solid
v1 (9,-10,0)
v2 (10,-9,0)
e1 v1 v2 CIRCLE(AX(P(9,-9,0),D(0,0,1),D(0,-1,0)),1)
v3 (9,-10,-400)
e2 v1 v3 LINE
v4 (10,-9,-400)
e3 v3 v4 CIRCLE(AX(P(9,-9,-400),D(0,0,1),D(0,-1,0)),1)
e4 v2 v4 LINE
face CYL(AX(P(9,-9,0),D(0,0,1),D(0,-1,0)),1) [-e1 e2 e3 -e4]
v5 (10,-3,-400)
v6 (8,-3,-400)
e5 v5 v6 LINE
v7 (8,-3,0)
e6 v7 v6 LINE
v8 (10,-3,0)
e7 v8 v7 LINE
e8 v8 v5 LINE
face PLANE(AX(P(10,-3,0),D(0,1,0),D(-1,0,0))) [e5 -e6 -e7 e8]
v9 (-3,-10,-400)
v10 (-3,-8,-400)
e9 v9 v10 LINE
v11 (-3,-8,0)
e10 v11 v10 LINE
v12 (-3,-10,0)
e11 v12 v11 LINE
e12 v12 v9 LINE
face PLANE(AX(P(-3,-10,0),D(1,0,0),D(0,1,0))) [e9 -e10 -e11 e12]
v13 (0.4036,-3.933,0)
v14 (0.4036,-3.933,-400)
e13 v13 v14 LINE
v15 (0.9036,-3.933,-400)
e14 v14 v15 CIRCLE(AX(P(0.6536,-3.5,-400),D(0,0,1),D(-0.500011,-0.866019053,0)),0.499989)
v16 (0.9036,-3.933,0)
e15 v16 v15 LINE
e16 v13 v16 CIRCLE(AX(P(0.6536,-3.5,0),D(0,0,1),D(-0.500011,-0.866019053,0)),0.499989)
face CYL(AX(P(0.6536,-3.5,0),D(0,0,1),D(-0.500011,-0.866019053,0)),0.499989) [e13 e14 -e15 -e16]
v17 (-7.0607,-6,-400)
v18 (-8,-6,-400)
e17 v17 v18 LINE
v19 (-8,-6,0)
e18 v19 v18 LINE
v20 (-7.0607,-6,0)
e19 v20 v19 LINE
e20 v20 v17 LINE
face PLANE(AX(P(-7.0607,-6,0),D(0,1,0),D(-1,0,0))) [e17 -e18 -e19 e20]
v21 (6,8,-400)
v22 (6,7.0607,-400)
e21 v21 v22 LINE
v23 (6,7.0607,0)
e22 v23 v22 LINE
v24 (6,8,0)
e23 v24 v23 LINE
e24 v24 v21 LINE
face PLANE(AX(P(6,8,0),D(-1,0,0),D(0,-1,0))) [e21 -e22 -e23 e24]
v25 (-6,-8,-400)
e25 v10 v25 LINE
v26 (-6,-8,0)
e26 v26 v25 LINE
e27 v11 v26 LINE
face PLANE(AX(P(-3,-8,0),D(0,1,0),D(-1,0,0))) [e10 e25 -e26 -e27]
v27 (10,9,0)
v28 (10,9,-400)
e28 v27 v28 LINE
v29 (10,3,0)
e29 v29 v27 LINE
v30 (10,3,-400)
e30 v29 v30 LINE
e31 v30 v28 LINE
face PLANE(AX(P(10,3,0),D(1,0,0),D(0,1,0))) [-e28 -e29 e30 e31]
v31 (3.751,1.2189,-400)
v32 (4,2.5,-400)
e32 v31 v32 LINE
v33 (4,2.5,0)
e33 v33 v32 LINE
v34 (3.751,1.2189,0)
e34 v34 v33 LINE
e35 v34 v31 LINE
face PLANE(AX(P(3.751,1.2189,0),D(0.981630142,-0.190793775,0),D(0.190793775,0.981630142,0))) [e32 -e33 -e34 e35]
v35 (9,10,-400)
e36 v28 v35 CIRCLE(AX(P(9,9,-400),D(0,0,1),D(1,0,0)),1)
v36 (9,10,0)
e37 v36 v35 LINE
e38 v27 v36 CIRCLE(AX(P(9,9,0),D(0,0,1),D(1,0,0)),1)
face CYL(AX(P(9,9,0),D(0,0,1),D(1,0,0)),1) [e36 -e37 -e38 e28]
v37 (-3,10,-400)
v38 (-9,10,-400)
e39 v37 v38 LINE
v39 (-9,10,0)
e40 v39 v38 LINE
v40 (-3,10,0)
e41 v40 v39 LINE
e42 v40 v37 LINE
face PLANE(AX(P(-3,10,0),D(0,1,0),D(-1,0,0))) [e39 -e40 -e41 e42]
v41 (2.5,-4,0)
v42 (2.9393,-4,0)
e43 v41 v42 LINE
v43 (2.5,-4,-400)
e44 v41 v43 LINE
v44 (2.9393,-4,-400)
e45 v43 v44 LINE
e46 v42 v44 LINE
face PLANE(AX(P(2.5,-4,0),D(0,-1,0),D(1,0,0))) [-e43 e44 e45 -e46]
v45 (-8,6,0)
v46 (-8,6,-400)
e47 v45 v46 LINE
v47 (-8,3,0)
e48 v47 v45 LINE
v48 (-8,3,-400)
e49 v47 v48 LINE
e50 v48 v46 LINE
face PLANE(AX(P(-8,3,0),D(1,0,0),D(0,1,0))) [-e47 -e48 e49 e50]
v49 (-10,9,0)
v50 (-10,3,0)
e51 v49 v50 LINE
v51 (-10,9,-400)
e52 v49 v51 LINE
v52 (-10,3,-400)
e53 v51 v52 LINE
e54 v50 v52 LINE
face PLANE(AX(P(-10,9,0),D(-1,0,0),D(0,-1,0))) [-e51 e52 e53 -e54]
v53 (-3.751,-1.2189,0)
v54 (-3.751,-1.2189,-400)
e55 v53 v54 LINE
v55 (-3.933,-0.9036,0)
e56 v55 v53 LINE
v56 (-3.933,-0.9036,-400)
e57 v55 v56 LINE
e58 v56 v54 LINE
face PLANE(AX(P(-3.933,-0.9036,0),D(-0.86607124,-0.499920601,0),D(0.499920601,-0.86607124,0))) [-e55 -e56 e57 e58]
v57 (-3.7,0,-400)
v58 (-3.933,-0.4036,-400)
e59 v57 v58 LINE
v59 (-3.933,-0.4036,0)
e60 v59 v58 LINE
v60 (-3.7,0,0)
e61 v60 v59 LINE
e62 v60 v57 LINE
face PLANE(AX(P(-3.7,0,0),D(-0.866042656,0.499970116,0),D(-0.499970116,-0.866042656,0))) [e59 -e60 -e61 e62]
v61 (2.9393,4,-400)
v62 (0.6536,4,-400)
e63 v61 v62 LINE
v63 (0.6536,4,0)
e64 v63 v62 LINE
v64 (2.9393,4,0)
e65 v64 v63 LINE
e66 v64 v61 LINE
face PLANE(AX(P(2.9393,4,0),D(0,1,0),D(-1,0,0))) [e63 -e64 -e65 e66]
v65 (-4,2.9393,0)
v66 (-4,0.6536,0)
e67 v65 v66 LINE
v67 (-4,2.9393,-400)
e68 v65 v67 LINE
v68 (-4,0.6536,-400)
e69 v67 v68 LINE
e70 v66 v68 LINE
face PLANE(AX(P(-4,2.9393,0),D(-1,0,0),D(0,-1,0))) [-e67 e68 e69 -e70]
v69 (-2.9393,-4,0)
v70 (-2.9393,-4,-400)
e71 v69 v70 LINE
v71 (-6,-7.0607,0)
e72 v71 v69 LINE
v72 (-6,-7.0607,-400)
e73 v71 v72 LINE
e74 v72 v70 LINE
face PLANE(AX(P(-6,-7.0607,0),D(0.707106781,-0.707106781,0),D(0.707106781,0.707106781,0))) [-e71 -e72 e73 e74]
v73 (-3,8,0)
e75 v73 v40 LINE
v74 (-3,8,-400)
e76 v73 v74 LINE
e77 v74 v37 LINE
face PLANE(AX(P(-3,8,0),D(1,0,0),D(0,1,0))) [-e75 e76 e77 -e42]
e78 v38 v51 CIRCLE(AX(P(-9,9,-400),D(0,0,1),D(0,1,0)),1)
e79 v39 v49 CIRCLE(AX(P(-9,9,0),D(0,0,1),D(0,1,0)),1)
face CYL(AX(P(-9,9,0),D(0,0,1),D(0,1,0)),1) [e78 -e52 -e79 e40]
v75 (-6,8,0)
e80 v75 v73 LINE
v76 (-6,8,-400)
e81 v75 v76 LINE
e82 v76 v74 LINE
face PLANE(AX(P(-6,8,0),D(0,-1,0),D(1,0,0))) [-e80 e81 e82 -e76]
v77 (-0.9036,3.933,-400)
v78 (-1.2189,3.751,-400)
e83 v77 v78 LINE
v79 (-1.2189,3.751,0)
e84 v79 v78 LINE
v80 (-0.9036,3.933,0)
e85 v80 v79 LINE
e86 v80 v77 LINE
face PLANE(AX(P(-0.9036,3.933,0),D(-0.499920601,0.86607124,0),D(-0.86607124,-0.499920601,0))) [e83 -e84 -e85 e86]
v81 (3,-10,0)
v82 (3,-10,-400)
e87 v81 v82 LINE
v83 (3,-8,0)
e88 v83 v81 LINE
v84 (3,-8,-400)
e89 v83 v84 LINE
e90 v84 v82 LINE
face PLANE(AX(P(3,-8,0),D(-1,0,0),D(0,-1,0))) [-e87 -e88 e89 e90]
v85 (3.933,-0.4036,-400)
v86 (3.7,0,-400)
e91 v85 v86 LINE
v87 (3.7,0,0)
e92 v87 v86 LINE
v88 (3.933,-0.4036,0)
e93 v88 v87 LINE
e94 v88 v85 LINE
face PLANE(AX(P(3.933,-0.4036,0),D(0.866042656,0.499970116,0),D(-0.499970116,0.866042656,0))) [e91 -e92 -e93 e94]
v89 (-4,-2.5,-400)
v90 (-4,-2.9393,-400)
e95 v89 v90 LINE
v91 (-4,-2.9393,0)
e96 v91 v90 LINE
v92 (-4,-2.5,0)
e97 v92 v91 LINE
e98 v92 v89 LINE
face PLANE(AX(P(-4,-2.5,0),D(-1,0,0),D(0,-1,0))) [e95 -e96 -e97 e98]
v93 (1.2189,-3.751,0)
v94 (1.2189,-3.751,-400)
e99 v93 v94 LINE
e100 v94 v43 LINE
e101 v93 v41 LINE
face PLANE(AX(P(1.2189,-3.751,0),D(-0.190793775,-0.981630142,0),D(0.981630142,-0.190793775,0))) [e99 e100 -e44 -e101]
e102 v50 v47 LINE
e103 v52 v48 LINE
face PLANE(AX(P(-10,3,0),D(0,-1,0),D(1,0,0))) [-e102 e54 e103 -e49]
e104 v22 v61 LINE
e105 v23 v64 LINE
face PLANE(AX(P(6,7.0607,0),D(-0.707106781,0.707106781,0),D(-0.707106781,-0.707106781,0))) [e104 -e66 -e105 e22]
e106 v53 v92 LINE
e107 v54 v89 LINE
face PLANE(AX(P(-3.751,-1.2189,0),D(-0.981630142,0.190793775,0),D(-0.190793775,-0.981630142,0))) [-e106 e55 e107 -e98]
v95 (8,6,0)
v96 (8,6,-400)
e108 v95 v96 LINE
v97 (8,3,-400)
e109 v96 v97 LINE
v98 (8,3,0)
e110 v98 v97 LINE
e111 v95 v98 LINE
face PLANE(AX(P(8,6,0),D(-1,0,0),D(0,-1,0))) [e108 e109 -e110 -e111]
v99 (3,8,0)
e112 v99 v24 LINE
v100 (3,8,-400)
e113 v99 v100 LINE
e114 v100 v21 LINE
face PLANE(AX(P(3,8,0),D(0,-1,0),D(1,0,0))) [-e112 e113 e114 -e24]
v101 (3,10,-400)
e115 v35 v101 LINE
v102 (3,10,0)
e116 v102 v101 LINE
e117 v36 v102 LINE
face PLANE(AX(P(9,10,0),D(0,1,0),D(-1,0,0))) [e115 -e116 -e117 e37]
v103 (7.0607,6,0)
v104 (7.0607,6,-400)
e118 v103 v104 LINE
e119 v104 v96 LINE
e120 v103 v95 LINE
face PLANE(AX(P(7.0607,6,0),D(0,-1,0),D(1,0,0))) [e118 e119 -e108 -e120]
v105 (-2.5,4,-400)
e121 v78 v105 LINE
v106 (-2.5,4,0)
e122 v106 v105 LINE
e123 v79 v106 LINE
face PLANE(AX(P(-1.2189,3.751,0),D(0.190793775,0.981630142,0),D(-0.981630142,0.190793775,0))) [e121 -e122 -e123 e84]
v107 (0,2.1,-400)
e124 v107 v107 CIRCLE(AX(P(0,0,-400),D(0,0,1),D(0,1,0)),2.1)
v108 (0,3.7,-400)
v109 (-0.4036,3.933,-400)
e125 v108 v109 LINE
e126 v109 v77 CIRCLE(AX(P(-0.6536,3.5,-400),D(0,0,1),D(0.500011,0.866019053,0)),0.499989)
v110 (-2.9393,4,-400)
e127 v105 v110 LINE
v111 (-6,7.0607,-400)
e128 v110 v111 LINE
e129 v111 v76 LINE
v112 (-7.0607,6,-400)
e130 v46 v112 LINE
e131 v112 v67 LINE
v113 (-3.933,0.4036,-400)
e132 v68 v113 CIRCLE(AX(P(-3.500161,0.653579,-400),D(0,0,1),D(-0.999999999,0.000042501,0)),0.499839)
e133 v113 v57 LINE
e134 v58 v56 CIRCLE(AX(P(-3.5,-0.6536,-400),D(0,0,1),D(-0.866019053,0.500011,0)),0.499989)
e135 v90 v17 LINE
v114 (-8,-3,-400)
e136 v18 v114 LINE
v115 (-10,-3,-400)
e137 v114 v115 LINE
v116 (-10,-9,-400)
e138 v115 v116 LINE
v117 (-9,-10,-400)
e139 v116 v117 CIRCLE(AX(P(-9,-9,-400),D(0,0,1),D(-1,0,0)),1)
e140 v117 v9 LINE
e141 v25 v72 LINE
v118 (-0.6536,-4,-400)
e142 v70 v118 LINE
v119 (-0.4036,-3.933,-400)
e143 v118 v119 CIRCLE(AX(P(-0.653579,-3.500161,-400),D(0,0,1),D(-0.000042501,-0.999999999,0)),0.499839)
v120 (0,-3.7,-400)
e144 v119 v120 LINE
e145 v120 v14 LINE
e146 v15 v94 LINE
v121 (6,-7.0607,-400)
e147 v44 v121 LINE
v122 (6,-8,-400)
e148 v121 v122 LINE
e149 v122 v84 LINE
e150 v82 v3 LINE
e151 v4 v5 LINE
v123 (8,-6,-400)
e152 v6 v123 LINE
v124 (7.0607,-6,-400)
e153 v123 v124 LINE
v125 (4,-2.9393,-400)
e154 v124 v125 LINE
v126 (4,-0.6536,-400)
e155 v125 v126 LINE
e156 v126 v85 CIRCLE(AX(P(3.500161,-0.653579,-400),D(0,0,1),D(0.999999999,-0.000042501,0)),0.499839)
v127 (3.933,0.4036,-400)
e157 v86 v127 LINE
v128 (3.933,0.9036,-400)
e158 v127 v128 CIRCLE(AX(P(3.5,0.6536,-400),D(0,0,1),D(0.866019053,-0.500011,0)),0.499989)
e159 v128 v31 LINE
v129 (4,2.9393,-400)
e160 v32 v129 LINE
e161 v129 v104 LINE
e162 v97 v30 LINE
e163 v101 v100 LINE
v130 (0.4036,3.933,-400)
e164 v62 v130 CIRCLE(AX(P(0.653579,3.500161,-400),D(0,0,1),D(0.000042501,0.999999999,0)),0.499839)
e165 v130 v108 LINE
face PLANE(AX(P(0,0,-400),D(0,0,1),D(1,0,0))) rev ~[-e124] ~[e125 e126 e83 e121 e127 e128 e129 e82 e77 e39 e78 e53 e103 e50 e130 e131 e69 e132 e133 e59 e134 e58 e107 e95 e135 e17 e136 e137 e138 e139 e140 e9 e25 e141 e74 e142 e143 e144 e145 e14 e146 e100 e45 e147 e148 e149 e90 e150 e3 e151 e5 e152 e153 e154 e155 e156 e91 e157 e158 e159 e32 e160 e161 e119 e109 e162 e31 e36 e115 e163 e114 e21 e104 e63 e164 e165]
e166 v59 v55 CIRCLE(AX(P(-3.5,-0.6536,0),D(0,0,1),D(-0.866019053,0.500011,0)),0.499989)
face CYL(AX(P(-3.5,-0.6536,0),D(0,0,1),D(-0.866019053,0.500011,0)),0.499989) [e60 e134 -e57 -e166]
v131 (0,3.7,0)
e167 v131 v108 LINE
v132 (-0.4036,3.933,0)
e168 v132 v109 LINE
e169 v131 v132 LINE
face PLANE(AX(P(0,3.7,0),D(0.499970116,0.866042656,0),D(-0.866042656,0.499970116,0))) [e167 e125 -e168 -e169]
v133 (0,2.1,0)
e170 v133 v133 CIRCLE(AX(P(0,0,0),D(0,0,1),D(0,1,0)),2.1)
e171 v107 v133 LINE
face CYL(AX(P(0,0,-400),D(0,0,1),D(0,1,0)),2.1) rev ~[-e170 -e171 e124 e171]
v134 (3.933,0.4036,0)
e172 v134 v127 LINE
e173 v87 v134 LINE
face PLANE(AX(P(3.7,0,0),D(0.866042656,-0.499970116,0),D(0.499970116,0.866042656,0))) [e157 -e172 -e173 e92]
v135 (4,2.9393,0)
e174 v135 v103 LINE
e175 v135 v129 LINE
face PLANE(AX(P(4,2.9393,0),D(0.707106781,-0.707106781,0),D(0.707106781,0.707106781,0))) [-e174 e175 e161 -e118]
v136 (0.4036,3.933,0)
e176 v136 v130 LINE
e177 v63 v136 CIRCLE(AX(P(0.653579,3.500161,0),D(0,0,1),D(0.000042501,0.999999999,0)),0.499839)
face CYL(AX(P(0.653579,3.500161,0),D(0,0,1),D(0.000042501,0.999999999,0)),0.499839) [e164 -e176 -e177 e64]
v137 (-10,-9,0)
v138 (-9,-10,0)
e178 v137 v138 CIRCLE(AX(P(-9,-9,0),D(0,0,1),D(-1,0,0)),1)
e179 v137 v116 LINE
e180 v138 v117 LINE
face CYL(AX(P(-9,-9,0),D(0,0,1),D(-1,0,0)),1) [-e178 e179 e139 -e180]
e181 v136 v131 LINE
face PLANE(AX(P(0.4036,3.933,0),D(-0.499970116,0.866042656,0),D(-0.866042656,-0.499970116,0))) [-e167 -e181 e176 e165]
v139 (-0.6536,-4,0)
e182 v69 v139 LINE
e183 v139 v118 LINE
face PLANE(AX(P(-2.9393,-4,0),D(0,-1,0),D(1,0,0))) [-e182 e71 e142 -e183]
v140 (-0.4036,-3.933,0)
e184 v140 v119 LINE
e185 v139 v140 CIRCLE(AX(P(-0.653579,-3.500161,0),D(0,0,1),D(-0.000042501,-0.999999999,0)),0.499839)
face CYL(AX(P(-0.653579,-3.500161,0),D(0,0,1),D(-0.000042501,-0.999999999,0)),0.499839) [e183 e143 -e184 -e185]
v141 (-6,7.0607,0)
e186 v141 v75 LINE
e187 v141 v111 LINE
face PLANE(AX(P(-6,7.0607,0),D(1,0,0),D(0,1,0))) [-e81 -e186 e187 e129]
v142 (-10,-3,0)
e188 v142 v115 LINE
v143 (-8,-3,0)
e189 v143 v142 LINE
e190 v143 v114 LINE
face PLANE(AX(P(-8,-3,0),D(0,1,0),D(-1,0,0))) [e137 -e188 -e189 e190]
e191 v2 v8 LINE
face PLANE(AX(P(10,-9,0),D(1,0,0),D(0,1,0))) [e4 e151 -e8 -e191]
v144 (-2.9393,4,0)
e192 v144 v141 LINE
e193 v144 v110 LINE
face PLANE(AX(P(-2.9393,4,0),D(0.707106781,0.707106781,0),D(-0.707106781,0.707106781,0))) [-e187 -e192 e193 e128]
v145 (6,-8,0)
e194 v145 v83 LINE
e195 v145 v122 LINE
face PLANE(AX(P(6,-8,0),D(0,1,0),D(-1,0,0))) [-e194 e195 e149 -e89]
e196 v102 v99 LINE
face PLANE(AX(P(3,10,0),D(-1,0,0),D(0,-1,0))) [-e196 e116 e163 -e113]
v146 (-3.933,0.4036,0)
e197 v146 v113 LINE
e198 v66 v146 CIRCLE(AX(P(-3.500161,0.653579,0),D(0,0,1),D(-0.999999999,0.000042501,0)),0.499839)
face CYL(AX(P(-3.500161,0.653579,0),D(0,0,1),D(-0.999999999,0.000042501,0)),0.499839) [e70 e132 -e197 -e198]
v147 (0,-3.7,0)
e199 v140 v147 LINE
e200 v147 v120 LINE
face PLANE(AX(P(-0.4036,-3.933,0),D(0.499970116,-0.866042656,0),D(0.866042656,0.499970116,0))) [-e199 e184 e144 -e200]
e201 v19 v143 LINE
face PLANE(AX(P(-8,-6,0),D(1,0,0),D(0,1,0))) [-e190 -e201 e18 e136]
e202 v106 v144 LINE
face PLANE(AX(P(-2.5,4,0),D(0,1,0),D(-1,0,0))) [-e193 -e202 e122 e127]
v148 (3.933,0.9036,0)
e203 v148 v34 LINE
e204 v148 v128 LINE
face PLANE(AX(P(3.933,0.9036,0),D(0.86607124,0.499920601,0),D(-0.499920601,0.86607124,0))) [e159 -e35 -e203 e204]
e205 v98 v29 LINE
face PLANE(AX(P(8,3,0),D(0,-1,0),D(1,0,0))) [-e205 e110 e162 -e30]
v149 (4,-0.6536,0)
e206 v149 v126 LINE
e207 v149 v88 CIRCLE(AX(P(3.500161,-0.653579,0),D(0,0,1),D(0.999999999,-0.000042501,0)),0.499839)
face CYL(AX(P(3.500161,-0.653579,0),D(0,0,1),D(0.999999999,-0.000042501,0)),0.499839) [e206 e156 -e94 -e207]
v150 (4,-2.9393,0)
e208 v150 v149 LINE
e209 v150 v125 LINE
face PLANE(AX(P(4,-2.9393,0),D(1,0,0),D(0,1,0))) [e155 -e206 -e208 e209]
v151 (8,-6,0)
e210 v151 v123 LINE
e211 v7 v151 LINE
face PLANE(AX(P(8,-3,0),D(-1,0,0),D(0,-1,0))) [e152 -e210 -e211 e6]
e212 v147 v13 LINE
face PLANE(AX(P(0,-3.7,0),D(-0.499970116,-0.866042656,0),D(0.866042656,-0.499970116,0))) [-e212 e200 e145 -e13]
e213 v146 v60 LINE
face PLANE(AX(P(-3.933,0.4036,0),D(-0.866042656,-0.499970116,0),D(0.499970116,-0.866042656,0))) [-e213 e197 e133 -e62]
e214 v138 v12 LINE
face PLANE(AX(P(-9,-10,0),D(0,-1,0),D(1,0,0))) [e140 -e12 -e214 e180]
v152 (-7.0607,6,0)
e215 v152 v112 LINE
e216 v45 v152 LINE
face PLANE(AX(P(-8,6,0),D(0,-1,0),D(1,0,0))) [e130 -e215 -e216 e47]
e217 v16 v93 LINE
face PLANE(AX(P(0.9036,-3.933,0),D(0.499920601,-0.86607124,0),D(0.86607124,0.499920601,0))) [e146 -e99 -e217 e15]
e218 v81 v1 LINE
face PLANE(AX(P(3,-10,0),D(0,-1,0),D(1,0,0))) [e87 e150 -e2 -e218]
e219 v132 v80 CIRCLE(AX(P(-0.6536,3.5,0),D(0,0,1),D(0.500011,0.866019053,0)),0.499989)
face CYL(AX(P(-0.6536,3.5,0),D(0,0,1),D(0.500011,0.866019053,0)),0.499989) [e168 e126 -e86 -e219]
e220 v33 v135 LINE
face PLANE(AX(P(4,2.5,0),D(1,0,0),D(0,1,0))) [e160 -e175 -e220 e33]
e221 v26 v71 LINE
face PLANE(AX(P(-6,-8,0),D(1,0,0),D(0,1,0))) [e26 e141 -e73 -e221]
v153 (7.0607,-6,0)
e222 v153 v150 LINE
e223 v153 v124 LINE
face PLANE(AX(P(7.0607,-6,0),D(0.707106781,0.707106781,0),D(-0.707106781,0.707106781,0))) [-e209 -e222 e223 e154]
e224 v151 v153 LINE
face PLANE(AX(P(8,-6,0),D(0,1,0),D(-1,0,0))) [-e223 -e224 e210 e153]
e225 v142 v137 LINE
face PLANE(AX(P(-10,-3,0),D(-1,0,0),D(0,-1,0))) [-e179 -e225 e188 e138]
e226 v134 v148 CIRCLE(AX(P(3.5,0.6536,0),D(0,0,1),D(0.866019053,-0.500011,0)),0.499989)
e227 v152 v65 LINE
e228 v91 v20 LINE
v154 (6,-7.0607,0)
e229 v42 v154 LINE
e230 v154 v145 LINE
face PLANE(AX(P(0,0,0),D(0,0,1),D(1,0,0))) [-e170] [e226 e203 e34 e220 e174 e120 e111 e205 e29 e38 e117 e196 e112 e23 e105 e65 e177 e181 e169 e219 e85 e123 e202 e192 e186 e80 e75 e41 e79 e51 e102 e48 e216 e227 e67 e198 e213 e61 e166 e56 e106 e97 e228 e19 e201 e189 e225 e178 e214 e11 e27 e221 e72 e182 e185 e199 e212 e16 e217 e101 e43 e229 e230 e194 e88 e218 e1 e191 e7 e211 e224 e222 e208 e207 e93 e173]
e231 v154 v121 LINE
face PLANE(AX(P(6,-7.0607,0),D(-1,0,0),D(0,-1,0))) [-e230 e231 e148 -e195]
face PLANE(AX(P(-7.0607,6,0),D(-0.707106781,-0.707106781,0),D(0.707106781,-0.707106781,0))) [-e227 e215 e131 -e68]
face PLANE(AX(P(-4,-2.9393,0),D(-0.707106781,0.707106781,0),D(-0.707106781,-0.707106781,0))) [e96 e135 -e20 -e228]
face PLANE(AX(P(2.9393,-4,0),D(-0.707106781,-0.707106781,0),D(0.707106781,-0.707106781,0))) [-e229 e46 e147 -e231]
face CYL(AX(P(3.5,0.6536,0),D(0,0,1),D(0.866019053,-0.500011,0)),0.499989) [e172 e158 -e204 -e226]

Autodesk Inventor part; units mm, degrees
sketch "Sketch_75" plane through (0, 0, 0) normal (0, 0, 1) x (1, 0, 0)
  line L0 (-10, -3) -> (-10, -9)
  arc A0 (-10, -9) -> (-9, -10) centre (-9, -9) ccw
  line L1 (-9, -10) -> (-3, -10)
  line L2 (-3, -10) -> (-3, -8)
  line L3 (-3, -8) -> (-6, -8)
  line L4 (-6, -8) -> (-6, -7.0607)
  line L5 (-6, -7.0607) -> (-2.9393, -4)
  line L6 (-2.9393, -4) -> (-0.6536, -4)
  arc A1 (-0.6536, -4) -> (-0.4036, -3.933) centre (-0.6536, -3.5) ccw
  line L7 (-0.4036, -3.933) -> (0, -3.7)
  line L8 (0, -3.7) -> (0.4036, -3.933)
  arc A2 (0.4036, -3.933) -> (0.9036, -3.933) centre (0.6536, -3.5) ccw
  line L9 (0.9036, -3.933) -> (1.2189, -3.751)
  line L10 (1.2189, -3.751) -> (2.5, -4)
  line L11 (2.5, -4) -> (2.9393, -4)
  line L12 (2.9393, -4) -> (6, -7.0607)
  line L13 (6, -7.0607) -> (6, -8)
  line L14 (6, -8) -> (3, -8)
  line L15 (3, -8) -> (3, -10)
  line L16 (3, -10) -> (9, -10)
  arc A3 (9, -10) -> (10, -9) centre (9, -9) ccw
  line L17 (10, -9) -> (10, -3)
  line L18 (10, -3) -> (8, -3)
  line L19 (8, -3) -> (8, -6)
  line L20 (8, -6) -> (7.0607, -6)
  line L21 (7.0607, -6) -> (4, -2.9393)
  line L22 (4, -2.9393) -> (4, -0.6536)
  arc A4 (4, -0.6536) -> (3.933, -0.4036) centre (3.5, -0.6536) ccw
  line L23 (3.933, -0.4036) -> (3.7, 0)
  line L24 (3.7, 0) -> (3.933, 0.4036)
  arc A5 (3.933, 0.4036) -> (3.933, 0.9036) centre (3.5, 0.6536) ccw
  line L25 (3.933, 0.9036) -> (3.751, 1.2189)
  line L26 (3.751, 1.2189) -> (4, 2.5)
  line L27 (4, 2.5) -> (4, 2.9393)
  line L28 (4, 2.9393) -> (7.0607, 6)
  line L29 (7.0607, 6) -> (8, 6)
  line L30 (8, 6) -> (8, 3)
  line L31 (8, 3) -> (10, 3)
  line L32 (10, 3) -> (10, 9)
  arc A6 (10, 9) -> (9, 10) centre (9, 9) ccw
  line L33 (9, 10) -> (3, 10)
  line L34 (3, 10) -> (3, 8)
  line L35 (3, 8) -> (6, 8)
  line L36 (6, 8) -> (6, 7.0607)
  line L37 (6, 7.0607) -> (2.9393, 4)
  line L38 (2.9393, 4) -> (0.6536, 4)
  arc A7 (0.6536, 4) -> (0.4036, 3.933) centre (0.6536, 3.5) ccw
  line L39 (0.4036, 3.933) -> (0, 3.7)
  line L40 (0, 3.7) -> (-0.4036, 3.933)
  arc A8 (-0.4036, 3.933) -> (-0.9036, 3.933) centre (-0.6536, 3.5) ccw
  line L41 (-0.9036, 3.933) -> (-1.2189, 3.751)
  line L42 (-1.2189, 3.751) -> (-2.5, 4)
  line L43 (-2.5, 4) -> (-2.9393, 4)
  line L44 (-2.9393, 4) -> (-6, 7.0607)
  line L45 (-6, 7.0607) -> (-6, 8)
  line L46 (-6, 8) -> (-3, 8)
  line L47 (-3, 8) -> (-3, 10)
  line L48 (-3, 10) -> (-9, 10)
  arc A9 (-9, 10) -> (-10, 9) centre (-9, 9) ccw
  line L49 (-10, 9) -> (-10, 3)
  line L50 (-10, 3) -> (-8, 3)
  line L51 (-8, 3) -> (-8, 6)
  line L52 (-8, 6) -> (-7.0607, 6)
  line L53 (-7.0607, 6) -> (-4, 2.9393)
  line L54 (-4, 2.9393) -> (-4, 0.6536)
  arc A10 (-4, 0.6536) -> (-3.933, 0.4036) centre (-3.5, 0.6536) ccw
  line L55 (-3.933, 0.4036) -> (-3.7, 0)
  line L56 (-3.7, 0) -> (-3.933, -0.4036)
  arc A11 (-3.933, -0.4036) -> (-3.933, -0.9036) centre (-3.5, -0.6536) ccw
  line L57 (-3.933, -0.9036) -> (-3.751, -1.2189)
  line L58 (-3.751, -1.2189) -> (-4, -2.5)
  line L59 (-4, -2.5) -> (-4, -2.9393)
  line L60 (-4, -2.9393) -> (-7.0607, -6)
  line L61 (-7.0607, -6) -> (-8, -6)
  line L62 (-8, -6) -> (-8, -3)
  line L63 (-8, -3) -> (-10, -3)
extrude "Extrusion1" add sketch "Sketch_75" against normal blind 400
sketch "Sketch2" plane through (0, 0, -400) normal (0, 0, -1) x (-1, 0, 0)
  point P0 (0, 0)
hole "Hole1" at (0, 0, -400) direction (0, 0, 1) diameter 4.2 end through all
ref_plane "C1_XY" through (0, 0, 0) normal (0, 0, 1) x (1, 0, 0)
ref_plane "C1_YZ" through (0, 0, 0) normal (1, 0, 0) x (0, 1, 0)
ref_plane "C1_ZX" through (0, 0, 0) normal (0, 1, 0) x (0, 0, 1)
properties part number "NFS5-2020-351" material "アルミニウム 6061"
